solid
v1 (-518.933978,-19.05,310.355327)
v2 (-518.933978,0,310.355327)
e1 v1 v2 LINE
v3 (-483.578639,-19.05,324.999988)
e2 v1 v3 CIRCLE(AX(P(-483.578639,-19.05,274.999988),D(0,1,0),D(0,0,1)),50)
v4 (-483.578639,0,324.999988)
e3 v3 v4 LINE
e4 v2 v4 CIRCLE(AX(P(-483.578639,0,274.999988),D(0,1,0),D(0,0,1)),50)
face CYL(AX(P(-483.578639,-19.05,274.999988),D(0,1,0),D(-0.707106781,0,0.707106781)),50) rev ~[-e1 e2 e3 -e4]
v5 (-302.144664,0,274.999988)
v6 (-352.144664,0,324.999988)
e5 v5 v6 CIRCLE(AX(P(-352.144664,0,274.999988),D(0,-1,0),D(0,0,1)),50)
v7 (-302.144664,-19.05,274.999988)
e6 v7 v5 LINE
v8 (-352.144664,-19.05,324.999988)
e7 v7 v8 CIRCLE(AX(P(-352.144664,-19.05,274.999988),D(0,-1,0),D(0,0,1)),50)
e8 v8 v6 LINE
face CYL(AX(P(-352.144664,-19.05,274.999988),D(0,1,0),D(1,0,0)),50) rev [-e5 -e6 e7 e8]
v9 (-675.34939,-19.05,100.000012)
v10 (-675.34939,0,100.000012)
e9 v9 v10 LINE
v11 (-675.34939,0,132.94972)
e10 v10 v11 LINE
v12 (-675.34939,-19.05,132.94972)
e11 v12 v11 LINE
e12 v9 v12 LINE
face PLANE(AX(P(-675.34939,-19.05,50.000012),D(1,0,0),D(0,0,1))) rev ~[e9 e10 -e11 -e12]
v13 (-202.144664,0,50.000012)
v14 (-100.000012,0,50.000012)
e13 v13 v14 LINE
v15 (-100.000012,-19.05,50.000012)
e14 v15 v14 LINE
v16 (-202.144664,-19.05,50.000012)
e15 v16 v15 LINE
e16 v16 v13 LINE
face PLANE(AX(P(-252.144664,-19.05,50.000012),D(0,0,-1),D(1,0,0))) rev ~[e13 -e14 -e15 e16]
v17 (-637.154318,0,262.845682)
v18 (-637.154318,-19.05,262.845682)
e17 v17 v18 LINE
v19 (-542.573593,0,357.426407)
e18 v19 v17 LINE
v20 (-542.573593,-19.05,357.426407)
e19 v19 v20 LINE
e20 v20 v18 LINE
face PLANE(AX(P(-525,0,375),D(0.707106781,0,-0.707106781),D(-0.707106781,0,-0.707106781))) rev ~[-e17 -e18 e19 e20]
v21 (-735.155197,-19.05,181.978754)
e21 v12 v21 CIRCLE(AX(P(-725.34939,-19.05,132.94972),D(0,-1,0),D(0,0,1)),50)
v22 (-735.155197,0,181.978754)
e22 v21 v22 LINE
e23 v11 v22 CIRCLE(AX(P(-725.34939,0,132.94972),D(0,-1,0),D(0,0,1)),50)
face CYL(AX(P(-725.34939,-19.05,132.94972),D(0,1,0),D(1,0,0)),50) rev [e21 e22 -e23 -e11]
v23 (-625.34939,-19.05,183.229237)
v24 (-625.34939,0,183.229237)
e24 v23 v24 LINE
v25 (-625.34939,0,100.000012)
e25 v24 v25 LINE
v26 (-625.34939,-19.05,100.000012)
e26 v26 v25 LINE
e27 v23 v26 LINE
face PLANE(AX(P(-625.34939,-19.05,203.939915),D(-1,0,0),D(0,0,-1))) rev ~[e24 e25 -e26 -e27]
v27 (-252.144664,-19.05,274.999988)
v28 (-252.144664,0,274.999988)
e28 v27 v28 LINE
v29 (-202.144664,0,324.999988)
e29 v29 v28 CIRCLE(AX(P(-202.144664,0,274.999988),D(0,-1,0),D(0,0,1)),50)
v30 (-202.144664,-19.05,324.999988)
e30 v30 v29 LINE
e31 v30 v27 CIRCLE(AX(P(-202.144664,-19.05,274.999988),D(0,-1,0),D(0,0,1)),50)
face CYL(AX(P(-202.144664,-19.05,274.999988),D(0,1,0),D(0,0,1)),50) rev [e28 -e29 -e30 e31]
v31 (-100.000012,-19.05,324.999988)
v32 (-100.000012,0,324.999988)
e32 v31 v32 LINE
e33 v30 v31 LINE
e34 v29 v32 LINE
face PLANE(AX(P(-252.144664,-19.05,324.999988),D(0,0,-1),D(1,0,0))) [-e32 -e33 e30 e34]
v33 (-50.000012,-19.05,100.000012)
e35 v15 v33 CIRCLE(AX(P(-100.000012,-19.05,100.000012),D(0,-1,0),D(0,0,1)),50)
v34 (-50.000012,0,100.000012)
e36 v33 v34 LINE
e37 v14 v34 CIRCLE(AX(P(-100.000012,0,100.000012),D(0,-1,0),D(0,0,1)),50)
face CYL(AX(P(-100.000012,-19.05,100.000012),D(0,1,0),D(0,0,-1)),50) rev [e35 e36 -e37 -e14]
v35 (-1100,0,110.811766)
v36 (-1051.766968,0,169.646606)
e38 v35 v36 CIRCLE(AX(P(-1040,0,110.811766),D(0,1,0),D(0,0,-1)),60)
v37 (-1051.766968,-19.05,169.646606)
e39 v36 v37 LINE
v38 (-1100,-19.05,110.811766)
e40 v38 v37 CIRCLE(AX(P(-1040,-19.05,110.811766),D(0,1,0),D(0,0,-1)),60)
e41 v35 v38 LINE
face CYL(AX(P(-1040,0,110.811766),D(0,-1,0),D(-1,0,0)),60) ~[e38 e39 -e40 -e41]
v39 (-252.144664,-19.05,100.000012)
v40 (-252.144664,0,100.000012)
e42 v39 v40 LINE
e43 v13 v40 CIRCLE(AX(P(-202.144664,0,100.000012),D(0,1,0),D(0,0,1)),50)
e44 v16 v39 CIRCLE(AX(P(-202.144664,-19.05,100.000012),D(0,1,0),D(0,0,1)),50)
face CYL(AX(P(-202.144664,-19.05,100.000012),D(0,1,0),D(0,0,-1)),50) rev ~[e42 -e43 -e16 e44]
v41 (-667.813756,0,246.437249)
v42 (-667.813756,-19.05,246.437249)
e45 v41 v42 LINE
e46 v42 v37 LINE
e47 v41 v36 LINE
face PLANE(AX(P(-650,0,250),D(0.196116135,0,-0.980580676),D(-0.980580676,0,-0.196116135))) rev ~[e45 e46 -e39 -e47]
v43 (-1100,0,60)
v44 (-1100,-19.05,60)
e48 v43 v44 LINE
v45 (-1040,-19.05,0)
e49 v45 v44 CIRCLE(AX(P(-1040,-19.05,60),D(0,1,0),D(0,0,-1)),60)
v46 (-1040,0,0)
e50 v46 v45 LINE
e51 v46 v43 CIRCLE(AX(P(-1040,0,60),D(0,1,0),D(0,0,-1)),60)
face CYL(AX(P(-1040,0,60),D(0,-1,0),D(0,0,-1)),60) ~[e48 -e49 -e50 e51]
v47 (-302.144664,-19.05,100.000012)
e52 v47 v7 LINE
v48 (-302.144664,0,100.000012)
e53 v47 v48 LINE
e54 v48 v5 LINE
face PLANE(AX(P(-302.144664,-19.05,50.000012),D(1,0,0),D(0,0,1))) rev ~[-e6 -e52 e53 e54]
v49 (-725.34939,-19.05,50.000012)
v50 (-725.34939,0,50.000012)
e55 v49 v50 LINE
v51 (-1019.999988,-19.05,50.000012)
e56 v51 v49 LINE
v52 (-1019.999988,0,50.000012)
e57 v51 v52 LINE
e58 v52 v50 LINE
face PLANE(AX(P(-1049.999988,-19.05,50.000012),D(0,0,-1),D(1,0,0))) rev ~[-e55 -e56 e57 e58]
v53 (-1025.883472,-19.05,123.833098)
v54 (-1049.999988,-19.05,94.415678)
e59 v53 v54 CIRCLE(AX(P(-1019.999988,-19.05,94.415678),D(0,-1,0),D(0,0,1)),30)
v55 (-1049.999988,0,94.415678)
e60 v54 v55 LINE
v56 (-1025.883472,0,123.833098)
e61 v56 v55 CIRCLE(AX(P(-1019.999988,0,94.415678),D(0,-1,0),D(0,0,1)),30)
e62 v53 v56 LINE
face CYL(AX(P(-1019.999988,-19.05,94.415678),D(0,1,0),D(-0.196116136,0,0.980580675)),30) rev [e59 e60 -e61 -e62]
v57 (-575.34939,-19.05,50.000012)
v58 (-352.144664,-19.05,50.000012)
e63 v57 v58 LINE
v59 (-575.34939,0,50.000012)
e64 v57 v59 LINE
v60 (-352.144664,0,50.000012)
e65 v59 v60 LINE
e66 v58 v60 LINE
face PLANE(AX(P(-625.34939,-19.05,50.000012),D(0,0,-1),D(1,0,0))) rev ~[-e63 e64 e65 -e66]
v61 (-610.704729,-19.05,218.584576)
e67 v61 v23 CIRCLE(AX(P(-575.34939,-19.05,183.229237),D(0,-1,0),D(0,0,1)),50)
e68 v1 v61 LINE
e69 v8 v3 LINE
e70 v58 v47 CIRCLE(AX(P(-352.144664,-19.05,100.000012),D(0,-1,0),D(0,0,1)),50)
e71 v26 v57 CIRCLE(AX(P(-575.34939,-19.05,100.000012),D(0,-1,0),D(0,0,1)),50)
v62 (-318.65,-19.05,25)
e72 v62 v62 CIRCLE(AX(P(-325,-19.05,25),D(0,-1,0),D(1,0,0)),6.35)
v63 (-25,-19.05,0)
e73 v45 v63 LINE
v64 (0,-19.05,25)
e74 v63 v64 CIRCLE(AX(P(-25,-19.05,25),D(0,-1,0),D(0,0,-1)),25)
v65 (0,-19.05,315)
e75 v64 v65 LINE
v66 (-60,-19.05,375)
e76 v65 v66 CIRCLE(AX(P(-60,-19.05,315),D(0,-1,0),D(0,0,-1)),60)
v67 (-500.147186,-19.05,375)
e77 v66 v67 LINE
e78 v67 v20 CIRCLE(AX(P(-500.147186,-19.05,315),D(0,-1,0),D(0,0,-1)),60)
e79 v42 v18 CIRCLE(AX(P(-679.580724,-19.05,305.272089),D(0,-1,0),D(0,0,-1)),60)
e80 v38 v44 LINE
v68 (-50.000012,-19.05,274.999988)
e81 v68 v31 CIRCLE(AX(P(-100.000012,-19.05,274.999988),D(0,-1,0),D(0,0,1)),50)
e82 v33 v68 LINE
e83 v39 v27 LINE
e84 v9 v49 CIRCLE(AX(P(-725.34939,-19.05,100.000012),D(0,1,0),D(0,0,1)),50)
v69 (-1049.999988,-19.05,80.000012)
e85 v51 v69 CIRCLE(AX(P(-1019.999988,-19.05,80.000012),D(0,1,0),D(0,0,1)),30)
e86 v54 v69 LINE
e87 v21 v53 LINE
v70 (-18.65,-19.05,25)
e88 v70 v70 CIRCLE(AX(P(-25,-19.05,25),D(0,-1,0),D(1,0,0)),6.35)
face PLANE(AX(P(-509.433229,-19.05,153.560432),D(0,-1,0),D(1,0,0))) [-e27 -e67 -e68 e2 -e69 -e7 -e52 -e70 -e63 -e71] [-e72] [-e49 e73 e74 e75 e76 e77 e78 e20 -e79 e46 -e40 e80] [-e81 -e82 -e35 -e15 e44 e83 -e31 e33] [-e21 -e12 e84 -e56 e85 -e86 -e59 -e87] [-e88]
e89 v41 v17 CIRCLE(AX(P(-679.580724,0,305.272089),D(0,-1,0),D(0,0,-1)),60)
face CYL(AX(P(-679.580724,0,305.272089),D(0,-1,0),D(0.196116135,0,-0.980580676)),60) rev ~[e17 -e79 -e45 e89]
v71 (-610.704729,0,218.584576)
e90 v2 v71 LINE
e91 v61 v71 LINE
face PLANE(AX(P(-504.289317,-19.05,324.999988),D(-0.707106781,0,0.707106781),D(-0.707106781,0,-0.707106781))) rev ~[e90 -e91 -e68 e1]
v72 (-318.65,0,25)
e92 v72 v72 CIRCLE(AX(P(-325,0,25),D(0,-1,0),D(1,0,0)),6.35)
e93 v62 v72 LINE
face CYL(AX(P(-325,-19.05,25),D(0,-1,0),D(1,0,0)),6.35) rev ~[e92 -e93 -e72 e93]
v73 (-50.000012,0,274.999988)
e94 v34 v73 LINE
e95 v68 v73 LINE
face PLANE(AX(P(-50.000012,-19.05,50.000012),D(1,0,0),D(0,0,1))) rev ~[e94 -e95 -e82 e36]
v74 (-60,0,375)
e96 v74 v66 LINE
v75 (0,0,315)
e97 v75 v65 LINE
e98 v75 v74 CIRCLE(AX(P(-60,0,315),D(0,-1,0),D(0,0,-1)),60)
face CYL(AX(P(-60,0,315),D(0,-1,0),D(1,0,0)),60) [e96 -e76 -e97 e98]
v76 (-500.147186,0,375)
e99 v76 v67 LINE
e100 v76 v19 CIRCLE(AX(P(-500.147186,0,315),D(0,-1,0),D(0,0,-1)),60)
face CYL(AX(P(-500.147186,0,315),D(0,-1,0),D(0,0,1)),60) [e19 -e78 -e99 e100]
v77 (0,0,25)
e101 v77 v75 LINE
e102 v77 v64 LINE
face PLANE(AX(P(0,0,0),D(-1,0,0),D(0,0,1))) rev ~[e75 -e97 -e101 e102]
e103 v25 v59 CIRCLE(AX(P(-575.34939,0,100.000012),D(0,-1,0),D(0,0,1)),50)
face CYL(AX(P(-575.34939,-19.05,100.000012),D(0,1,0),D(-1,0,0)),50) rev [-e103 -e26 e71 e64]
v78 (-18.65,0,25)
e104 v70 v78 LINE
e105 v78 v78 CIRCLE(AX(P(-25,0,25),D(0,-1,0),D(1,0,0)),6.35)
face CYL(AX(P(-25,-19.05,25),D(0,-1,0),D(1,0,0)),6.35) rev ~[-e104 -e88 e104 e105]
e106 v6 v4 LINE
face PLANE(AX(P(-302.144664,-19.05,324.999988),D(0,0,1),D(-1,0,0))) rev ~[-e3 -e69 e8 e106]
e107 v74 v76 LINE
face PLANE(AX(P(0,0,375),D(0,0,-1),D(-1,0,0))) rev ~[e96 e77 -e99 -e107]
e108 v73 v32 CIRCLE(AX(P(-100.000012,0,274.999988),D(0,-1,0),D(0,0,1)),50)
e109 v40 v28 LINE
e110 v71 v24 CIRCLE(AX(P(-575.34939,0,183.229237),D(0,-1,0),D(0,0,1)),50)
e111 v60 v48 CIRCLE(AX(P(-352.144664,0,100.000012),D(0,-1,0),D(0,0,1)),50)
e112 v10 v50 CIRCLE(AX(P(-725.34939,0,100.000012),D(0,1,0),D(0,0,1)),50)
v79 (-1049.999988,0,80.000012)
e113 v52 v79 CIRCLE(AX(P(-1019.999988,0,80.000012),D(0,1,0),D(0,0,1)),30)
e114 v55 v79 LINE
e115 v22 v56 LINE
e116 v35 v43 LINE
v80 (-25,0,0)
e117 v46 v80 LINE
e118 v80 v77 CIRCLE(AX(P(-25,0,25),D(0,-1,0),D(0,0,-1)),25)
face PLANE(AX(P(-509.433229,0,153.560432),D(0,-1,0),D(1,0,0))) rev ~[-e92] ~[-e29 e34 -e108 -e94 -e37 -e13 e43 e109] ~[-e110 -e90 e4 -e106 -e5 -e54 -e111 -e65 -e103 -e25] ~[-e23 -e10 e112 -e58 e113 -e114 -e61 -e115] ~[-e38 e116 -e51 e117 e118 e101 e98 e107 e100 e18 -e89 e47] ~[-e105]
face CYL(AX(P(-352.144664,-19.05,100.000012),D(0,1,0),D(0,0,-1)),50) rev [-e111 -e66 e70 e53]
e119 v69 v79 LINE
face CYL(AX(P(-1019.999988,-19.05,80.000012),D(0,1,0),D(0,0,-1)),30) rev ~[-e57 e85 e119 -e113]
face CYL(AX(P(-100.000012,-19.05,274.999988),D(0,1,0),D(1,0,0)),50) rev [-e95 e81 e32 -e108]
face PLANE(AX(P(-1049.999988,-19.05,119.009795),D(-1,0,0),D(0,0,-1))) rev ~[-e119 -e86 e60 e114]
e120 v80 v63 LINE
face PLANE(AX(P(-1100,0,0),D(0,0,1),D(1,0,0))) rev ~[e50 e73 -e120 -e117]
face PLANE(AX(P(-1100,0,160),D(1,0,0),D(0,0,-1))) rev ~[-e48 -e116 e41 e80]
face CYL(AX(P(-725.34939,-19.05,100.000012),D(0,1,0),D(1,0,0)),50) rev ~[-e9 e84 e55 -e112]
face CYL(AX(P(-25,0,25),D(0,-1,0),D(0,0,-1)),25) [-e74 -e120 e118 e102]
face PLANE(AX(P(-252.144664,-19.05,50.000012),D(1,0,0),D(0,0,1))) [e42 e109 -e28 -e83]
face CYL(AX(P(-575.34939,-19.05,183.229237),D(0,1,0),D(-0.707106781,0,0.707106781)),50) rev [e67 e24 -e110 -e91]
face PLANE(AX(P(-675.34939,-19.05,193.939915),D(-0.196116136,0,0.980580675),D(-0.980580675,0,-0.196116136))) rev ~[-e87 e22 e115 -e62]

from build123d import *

# Parameters (mm, degrees)
F1_DEPTH = 19.05
F2_R     = 6.35
F3_DEPTH = 25
F4_R     = 6.35
F5_DEPTH = 25
F6_DEPTH = 25
F7_W     = 202.144652
F7_H     = 274.999976
F8_DEPTH = 25
F9_R     = 50
F10_R    = 60
F11_R    = 25
F12_R    = 30


with BuildPart() as f1:
    # F0 (on Front) → F1 (new body)
    with BuildSketch(Plane.XZ):
        Polygon((-1100, 0), (0, 0), (0, 375), (-525, 375), (-650, 250), (-1100, 160), align=None)
    extrude(amount=F1_DEPTH)

    # F2 (on face) → F3 (cut)
    with BuildSketch(Plane.XZ.offset(19.05)):
        with Locations((-325, 25)):
            Circle(F2_R)
    extrude(amount=-F3_DEPTH, mode=Mode.SUBTRACT)

    # F4 (on face) → F5 (cut)
    with BuildSketch(Plane.XZ.offset(19.05)):
        with Locations((-25, 25)):
            Circle(F4_R)
    extrude(amount=-F5_DEPTH, mode=Mode.SUBTRACT)

    # F4 (on face) → F6 (cut)
    with BuildSketch(Plane.XZ.offset(19.05)):
        with Locations((-25, 25)):
            Circle(F4_R)
    extrude(amount=F6_DEPTH, mode=Mode.SUBTRACT)

    # F7 (on face) → F8 (cut)
    with BuildSketch(Plane.XZ.offset(19.05)):
        Polygon((-675.34939, 50.000012), (-675.34939, 193.939915), (-1049.999988, 119.009795), (-1049.999988, 50.000012), align=None)
        Polygon((-504.289317, 324.999988), (-625.34939, 203.939915), (-625.34939, 50.000012), (-302.144664, 50.000012), (-302.144664, 324.999988), align=None)
        with Locations((-151.072338, 187.5)):
            Rectangle(F7_W, F7_H)
    extrude(amount=-F8_DEPTH, mode=Mode.SUBTRACT)

    # F9
    f9_edges = [f1.edges().sort_by_distance(p)[0] for p in [
        (-675.34939, -9.525, 50.000012),
        (-675.34939, -9.525, 193.939915),
        (-625.34939, -9.525, 203.939915),
        (-625.34939, -9.525, 50.000012),
        (-504.289317, -9.525, 324.999988),
        (-302.144664, -9.525, 324.999988),
        (-302.144664, -9.525, 50.000012),
        (-50.000012, -9.525, 50.000012),
        (-252.144664, -9.525, 50.000012),
        (-252.144664, -9.525, 324.999988),
        (-50.000012, -9.525, 324.999988),
    ]]
    fillet(f9_edges, radius=F9_R)

    # F10
    f10_edges = [f1.edges().sort_by_distance(p)[0] for p in [
        (-650, -9.525, 250),
        (-525, -9.525, 375),
        (0, -9.525, 375),
        (-1100, -9.525, 160),
        (-1100, -9.525, 0),
    ]]
    fillet(f10_edges, radius=F10_R)

    # F11
    f11_edges = [f1.edges().sort_by_distance(p)[0] for p in [
        (0, -9.525, 0),
    ]]
    fillet(f11_edges, radius=F11_R)

    # F12
    f12_edges = [f1.edges().sort_by_distance(p)[0] for p in [
        (-1049.999988, -9.525, 119.009795),
        (-1049.999988, -9.525, 50.000012),
    ]]
    fillet(f12_edges, radius=F12_R)


solid = f1.part
